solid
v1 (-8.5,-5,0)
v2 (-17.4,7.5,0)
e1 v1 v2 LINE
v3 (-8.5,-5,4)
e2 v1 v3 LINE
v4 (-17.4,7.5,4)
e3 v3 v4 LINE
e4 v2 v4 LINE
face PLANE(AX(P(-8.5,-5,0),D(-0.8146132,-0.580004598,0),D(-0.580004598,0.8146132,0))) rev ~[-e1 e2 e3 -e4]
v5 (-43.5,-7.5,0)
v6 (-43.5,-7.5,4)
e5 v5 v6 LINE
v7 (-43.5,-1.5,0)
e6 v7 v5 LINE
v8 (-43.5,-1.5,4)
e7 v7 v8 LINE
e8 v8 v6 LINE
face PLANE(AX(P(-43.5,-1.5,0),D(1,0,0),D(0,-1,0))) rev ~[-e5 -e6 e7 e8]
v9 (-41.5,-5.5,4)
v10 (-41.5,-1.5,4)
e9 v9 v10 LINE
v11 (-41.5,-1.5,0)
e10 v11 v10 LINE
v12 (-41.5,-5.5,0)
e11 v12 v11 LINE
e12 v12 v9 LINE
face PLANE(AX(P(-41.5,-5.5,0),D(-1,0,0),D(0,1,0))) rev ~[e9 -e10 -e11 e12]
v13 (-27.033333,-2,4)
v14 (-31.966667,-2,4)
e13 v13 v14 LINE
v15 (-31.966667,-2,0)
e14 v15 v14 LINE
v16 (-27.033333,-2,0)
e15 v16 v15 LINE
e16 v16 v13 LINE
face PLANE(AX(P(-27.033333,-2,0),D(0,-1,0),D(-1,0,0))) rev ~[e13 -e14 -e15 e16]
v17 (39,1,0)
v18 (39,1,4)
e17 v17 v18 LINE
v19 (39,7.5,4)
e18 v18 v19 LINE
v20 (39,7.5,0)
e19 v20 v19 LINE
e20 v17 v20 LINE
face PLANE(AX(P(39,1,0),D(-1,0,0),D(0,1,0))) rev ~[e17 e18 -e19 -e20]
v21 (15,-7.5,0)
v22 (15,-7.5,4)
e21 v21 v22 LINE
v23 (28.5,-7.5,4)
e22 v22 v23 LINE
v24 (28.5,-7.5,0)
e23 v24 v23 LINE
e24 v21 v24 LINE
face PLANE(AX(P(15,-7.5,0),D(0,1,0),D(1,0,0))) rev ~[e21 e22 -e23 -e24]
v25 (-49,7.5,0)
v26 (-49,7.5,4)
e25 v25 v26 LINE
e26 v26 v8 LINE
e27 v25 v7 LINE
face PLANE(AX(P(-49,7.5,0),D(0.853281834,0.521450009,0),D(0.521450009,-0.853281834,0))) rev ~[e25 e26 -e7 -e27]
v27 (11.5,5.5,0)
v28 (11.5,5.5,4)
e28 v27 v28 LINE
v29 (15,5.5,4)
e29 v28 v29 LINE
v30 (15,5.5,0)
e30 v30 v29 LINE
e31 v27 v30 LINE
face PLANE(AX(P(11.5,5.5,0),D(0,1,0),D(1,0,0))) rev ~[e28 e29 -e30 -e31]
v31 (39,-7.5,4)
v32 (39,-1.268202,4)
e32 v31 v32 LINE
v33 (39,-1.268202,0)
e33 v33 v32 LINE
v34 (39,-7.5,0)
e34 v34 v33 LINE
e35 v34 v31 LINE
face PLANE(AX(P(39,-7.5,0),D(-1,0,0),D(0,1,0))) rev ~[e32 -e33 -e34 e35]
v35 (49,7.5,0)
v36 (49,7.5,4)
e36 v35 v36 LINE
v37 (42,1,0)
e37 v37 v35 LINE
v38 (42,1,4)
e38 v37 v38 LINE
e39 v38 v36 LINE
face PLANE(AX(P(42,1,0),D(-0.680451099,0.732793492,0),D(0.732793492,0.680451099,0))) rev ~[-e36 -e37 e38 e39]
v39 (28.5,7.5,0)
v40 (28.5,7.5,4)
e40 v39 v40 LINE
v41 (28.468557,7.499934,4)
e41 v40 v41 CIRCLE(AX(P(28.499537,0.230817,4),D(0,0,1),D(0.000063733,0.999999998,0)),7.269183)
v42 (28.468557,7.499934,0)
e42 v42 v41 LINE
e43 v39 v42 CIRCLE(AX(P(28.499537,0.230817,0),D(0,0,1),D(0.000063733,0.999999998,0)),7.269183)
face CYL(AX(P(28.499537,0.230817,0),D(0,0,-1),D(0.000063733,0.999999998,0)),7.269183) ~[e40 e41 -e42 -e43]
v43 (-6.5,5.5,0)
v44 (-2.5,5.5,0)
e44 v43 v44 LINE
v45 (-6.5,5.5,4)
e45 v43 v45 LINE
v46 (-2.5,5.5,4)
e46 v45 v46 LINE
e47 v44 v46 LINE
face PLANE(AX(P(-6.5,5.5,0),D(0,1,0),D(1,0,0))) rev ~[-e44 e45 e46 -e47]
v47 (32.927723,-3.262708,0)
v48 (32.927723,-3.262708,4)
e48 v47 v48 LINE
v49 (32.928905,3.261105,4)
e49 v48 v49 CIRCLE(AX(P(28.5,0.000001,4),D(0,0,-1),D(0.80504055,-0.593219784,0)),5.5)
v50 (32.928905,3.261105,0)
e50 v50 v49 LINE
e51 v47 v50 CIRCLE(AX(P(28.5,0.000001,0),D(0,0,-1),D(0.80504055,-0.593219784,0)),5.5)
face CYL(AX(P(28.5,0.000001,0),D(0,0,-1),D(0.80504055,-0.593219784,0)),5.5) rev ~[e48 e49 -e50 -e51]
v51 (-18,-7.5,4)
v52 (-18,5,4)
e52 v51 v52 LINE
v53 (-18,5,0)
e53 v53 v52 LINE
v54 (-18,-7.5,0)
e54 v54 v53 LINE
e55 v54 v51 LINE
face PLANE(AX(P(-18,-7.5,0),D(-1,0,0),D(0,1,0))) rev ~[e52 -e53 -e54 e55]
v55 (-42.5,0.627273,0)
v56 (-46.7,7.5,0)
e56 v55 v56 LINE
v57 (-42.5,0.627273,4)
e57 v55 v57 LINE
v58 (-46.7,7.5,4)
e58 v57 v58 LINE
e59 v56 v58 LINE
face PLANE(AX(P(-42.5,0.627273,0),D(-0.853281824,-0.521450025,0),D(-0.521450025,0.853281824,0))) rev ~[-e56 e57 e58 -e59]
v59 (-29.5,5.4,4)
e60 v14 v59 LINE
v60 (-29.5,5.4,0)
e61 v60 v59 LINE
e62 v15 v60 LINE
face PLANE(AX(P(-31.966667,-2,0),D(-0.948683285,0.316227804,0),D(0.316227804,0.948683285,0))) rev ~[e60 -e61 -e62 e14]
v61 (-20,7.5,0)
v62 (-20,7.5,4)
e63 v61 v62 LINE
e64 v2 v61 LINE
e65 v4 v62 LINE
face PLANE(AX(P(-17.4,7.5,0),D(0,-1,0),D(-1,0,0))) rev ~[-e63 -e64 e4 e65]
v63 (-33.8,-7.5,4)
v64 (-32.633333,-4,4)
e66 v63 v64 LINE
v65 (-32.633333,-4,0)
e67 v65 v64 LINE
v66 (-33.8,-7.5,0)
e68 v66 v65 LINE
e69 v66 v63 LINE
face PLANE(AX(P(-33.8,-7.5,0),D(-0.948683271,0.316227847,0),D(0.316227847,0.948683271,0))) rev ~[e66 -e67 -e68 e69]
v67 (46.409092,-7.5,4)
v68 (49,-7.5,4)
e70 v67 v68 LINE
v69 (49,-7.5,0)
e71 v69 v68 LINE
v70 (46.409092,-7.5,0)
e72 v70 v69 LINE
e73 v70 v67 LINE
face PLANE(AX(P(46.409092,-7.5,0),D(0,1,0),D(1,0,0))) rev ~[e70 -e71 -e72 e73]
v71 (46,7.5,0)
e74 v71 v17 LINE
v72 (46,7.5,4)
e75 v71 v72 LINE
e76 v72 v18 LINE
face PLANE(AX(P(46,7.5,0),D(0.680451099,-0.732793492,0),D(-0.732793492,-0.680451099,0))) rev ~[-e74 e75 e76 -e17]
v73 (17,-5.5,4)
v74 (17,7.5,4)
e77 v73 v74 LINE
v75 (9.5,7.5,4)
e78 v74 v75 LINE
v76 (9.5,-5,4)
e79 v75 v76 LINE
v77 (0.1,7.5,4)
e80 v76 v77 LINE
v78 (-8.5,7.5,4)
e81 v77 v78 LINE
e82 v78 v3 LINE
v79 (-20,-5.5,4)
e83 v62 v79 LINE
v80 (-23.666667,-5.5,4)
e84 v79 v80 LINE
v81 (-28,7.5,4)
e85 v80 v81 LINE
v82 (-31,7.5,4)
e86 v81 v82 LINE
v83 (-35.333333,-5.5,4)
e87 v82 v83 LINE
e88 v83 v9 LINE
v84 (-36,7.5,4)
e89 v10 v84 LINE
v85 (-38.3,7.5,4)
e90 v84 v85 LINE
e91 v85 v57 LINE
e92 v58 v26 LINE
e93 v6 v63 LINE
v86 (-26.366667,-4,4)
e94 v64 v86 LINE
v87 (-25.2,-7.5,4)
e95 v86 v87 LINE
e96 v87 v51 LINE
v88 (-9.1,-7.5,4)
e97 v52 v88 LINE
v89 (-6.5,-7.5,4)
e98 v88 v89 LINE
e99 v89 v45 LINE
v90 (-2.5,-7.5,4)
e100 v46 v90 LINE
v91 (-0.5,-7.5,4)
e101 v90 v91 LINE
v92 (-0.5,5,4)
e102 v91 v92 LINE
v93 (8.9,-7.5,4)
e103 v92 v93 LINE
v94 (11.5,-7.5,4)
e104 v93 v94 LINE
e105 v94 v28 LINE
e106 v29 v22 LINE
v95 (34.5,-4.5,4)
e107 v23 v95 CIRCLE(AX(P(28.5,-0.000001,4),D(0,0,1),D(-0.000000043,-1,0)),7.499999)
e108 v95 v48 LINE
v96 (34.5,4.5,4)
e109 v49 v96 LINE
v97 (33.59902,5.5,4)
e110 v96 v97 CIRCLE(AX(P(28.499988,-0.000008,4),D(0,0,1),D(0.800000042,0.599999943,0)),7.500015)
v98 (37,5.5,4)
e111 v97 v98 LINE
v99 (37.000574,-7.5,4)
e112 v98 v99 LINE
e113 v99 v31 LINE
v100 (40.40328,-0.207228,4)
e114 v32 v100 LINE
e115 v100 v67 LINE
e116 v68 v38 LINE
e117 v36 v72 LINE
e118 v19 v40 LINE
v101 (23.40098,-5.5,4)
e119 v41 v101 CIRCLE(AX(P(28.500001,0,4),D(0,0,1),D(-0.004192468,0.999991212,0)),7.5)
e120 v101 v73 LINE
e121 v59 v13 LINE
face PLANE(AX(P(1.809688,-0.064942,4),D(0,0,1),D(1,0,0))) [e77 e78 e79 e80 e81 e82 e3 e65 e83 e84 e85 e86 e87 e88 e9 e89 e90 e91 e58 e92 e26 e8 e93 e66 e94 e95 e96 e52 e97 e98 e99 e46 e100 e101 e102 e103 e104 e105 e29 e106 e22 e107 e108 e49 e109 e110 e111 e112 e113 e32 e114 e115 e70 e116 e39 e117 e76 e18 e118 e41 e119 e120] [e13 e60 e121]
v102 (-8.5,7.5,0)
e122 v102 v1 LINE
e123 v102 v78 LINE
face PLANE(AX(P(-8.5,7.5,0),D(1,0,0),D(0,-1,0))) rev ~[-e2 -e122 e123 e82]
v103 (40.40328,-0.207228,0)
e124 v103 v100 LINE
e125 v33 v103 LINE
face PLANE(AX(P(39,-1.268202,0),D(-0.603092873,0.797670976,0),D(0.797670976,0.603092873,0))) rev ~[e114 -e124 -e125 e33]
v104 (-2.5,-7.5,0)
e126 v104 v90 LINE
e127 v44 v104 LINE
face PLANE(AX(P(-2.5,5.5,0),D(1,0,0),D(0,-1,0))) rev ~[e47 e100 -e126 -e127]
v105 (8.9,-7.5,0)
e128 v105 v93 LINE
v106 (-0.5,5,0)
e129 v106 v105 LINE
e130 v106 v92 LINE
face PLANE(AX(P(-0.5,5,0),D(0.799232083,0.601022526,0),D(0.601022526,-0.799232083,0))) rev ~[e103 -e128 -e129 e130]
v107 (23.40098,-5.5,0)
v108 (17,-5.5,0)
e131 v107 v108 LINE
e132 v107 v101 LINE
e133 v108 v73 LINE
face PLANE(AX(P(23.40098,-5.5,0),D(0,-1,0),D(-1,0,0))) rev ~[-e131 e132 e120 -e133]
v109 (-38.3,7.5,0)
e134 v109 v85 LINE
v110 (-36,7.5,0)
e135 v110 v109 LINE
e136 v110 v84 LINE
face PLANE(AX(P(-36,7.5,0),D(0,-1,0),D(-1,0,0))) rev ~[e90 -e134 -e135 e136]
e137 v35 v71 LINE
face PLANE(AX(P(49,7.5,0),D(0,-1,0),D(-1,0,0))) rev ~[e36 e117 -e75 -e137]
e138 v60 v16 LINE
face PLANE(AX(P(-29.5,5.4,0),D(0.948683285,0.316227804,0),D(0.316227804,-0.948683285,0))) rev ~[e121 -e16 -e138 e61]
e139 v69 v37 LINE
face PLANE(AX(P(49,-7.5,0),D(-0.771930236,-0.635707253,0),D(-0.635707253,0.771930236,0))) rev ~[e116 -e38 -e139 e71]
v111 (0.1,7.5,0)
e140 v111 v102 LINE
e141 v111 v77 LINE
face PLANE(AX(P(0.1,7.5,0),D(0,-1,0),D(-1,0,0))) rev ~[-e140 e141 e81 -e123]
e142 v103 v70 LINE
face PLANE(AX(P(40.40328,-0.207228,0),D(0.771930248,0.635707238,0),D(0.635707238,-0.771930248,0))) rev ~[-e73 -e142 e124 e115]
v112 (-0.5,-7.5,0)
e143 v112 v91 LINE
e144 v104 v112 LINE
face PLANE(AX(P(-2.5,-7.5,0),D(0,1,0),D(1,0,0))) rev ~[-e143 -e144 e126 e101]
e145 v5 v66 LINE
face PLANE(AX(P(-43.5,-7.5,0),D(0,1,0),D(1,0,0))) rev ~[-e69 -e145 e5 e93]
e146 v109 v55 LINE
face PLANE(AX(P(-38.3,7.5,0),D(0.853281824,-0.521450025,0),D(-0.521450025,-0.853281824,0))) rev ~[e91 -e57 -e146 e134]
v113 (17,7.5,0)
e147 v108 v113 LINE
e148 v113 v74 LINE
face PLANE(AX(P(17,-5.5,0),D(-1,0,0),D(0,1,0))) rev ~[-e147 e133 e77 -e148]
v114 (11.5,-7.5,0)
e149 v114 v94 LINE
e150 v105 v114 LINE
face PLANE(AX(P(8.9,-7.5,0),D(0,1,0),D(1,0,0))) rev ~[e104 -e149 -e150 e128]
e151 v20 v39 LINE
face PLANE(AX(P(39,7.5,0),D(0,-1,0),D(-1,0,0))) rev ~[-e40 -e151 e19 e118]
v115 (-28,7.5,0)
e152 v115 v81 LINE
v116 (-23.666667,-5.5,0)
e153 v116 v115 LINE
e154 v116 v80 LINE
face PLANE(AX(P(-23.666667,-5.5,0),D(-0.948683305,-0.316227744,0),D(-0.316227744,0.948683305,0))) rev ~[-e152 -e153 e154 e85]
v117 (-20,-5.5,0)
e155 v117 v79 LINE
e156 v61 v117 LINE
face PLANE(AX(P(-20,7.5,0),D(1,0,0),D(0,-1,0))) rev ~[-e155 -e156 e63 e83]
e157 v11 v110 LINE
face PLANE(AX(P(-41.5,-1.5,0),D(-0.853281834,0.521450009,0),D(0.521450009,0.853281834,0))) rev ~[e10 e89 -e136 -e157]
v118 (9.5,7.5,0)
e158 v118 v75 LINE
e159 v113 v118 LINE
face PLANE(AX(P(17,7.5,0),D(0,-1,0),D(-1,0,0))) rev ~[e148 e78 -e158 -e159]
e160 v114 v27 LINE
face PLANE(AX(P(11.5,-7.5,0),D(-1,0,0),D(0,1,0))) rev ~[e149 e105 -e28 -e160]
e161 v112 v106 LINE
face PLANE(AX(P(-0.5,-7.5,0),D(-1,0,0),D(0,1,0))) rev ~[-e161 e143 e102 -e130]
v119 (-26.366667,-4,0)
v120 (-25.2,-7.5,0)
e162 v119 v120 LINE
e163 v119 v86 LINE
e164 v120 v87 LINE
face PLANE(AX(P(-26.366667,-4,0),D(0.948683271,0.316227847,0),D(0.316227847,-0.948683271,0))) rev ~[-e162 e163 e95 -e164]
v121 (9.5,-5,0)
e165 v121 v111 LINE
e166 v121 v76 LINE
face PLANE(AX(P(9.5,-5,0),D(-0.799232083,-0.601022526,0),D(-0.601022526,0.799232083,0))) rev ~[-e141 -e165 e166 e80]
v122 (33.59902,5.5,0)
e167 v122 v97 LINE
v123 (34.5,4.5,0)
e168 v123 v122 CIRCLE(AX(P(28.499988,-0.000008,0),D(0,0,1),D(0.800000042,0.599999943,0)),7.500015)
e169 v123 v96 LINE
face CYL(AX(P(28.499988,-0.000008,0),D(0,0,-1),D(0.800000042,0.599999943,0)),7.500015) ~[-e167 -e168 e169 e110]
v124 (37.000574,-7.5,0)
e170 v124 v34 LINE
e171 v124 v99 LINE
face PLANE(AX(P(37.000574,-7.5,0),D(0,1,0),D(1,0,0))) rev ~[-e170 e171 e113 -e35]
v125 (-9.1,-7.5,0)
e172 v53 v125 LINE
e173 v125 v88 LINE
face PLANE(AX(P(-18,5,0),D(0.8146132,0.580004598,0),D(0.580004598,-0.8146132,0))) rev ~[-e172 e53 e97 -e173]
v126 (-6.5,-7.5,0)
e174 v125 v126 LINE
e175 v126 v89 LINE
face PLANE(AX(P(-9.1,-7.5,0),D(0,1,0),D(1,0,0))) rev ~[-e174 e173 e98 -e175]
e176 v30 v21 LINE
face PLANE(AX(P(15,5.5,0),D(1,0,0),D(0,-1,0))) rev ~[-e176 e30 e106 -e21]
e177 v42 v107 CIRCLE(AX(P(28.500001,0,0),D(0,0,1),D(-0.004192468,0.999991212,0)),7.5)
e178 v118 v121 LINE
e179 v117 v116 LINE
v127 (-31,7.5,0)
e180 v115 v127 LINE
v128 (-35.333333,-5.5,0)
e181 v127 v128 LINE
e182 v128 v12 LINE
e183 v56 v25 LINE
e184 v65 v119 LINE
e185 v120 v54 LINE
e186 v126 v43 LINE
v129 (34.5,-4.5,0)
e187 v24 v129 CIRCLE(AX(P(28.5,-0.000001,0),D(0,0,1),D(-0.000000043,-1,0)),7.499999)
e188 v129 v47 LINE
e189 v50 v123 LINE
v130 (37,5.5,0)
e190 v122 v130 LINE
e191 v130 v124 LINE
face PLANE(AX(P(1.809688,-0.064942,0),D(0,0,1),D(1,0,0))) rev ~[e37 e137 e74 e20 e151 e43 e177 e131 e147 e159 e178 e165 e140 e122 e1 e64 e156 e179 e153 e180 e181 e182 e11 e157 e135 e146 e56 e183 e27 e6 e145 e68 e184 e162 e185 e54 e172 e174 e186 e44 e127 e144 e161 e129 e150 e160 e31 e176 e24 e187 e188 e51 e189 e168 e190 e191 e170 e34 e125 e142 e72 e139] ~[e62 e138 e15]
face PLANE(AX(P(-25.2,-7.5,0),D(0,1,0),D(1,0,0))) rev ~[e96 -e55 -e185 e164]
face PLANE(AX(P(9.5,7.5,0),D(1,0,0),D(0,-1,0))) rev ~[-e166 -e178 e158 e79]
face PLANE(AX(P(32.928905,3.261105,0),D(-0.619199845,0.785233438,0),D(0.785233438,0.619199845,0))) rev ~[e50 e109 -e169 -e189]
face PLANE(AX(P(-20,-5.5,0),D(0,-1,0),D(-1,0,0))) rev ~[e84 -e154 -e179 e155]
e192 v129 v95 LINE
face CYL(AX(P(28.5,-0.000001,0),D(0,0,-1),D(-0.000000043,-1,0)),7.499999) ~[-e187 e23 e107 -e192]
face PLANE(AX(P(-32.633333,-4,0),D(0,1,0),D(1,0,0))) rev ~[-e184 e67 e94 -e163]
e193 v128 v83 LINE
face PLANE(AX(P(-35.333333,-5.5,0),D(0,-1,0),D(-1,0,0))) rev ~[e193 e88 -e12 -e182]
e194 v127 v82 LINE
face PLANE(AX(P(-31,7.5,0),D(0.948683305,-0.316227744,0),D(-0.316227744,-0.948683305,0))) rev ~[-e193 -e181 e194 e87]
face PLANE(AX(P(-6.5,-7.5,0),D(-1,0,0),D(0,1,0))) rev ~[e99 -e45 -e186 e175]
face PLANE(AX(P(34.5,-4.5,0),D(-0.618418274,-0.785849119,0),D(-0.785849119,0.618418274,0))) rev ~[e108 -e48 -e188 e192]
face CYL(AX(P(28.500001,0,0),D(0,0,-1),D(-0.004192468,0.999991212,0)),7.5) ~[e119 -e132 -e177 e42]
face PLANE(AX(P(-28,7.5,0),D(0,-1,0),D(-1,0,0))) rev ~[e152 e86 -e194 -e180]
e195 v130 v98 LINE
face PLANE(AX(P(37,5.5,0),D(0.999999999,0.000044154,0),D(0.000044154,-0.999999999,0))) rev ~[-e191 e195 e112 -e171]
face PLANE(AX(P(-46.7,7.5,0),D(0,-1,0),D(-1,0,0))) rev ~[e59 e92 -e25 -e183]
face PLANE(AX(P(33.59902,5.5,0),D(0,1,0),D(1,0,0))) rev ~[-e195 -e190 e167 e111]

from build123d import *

# Parameters (mm, degrees)
F1_DEPTH = 4


with BuildPart() as f1:
    # F0 (on Top) → F1 (new body)
    with BuildSketch(Plane.XY):
        with BuildLine():
            Line((-36, 7.5), (-38.3, 7.5))
            Line((-38.3, 7.5), (-42.5, 0.627273))
            Line((-42.5, 0.627273), (-46.7, 7.5))
            Line((-46.7, 7.5), (-49, 7.5))
            Line((-49, 7.5), (-43.5, -1.5))
            Line((-43.5, -1.5), (-43.5, -7.5))
            Line((-43.5, -7.5), (-33.8, -7.5))
            Line((-33.8, -7.5), (-32.633333, -4))
            Line((-32.633333, -4), (-26.366667, -4))
            Line((-26.366667, -4), (-25.2, -7.5))
            Line((-25.2, -7.5), (-18, -7.5))
            Line((-18, -7.5), (-18, 5))
            Line((-18, 5), (-9.1, -7.5))
            Line((-9.1, -7.5), (-6.5, -7.5))
            Line((-6.5, -7.5), (-6.5, 5.5))
            Line((-6.5, 5.5), (-2.5, 5.5))
            Line((-2.5, 5.5), (-2.5, -7.5))
            Line((-2.5, -7.5), (-0.5, -7.5))
            Line((-0.5, -7.5), (-0.5, 5))
            Line((-0.5, 5), (8.9, -7.5))
            Line((8.9, -7.5), (11.5, -7.5))
            Line((11.5, -7.5), (11.5, 5.5))
            Line((11.5, 5.5), (15, 5.5))
            Line((15, 5.5), (15, -7.5))
            Line((15, -7.5), (28.5, -7.5))
            ThreePointArc((28.5, -7.5), (31.854102, -6.708204), (34.5, -4.5))
            Line((34.5, -4.5), (32.927723, -3.262708))
            ThreePointArc((32.927723, -3.262708), (23, 0.000996), (32.928905, 3.261105))
            Line((32.928905, 3.261105), (34.5, 4.5))
            ThreePointArc((34.5, 4.5), (34.071989, 5.020253), (33.59902, 5.5))
            Line((33.59902, 5.5), (37, 5.5))
            Line((37, 5.5), (37.000574, -7.5))
            Line((37.000574, -7.5), (39, -7.5))
            Line((39, -7.5), (39, -1.268202))
            Line((39, -1.268202), (40.40328, -0.207228))
            Line((40.40328, -0.207228), (46.409092, -7.5))
            Line((46.409092, -7.5), (49, -7.5))
            Line((49, -7.5), (42, 1))
            Line((42, 1), (49, 7.5))
            Line((49, 7.5), (46, 7.5))
            Line((46, 7.5), (39, 1))
            Line((39, 1), (39, 7.5))
            Line((39, 7.5), (28.5, 7.5))
            ThreePointArc((28.5, 7.5), (28.484278, 7.499984), (28.468557, 7.499934))
            ThreePointArc((28.468557, 7.499934), (21.512155, 2.723971), (23.40098, -5.5))
            Line((23.40098, -5.5), (17, -5.5))
            Line((17, -5.5), (17, 7.5))
            Line((17, 7.5), (9.5, 7.5))
            Line((9.5, 7.5), (9.5, -5))
            Line((9.5, -5), (0.1, 7.5))
            Line((0.1, 7.5), (-8.5, 7.5))
            Line((-8.5, 7.5), (-8.5, -5))
            Line((-8.5, -5), (-17.4, 7.5))
            Line((-17.4, 7.5), (-20, 7.5))
            Line((-20, 7.5), (-20, -5.5))
            Line((-20, -5.5), (-23.666667, -5.5))
            Line((-23.666667, -5.5), (-28, 7.5))
            Line((-28, 7.5), (-31, 7.5))
            Line((-31, 7.5), (-35.333333, -5.5))
            Line((-35.333333, -5.5), (-41.5, -5.5))
            Line((-41.5, -5.5), (-41.5, -1.5))
            Line((-41.5, -1.5), (-36, 7.5))
        make_face()
        Polygon((-27.033333, -2), (-31.966667, -2), (-29.5, 5.4), align=None, mode=Mode.SUBTRACT)
    extrude(amount=F1_DEPTH)


solid = f1.part
